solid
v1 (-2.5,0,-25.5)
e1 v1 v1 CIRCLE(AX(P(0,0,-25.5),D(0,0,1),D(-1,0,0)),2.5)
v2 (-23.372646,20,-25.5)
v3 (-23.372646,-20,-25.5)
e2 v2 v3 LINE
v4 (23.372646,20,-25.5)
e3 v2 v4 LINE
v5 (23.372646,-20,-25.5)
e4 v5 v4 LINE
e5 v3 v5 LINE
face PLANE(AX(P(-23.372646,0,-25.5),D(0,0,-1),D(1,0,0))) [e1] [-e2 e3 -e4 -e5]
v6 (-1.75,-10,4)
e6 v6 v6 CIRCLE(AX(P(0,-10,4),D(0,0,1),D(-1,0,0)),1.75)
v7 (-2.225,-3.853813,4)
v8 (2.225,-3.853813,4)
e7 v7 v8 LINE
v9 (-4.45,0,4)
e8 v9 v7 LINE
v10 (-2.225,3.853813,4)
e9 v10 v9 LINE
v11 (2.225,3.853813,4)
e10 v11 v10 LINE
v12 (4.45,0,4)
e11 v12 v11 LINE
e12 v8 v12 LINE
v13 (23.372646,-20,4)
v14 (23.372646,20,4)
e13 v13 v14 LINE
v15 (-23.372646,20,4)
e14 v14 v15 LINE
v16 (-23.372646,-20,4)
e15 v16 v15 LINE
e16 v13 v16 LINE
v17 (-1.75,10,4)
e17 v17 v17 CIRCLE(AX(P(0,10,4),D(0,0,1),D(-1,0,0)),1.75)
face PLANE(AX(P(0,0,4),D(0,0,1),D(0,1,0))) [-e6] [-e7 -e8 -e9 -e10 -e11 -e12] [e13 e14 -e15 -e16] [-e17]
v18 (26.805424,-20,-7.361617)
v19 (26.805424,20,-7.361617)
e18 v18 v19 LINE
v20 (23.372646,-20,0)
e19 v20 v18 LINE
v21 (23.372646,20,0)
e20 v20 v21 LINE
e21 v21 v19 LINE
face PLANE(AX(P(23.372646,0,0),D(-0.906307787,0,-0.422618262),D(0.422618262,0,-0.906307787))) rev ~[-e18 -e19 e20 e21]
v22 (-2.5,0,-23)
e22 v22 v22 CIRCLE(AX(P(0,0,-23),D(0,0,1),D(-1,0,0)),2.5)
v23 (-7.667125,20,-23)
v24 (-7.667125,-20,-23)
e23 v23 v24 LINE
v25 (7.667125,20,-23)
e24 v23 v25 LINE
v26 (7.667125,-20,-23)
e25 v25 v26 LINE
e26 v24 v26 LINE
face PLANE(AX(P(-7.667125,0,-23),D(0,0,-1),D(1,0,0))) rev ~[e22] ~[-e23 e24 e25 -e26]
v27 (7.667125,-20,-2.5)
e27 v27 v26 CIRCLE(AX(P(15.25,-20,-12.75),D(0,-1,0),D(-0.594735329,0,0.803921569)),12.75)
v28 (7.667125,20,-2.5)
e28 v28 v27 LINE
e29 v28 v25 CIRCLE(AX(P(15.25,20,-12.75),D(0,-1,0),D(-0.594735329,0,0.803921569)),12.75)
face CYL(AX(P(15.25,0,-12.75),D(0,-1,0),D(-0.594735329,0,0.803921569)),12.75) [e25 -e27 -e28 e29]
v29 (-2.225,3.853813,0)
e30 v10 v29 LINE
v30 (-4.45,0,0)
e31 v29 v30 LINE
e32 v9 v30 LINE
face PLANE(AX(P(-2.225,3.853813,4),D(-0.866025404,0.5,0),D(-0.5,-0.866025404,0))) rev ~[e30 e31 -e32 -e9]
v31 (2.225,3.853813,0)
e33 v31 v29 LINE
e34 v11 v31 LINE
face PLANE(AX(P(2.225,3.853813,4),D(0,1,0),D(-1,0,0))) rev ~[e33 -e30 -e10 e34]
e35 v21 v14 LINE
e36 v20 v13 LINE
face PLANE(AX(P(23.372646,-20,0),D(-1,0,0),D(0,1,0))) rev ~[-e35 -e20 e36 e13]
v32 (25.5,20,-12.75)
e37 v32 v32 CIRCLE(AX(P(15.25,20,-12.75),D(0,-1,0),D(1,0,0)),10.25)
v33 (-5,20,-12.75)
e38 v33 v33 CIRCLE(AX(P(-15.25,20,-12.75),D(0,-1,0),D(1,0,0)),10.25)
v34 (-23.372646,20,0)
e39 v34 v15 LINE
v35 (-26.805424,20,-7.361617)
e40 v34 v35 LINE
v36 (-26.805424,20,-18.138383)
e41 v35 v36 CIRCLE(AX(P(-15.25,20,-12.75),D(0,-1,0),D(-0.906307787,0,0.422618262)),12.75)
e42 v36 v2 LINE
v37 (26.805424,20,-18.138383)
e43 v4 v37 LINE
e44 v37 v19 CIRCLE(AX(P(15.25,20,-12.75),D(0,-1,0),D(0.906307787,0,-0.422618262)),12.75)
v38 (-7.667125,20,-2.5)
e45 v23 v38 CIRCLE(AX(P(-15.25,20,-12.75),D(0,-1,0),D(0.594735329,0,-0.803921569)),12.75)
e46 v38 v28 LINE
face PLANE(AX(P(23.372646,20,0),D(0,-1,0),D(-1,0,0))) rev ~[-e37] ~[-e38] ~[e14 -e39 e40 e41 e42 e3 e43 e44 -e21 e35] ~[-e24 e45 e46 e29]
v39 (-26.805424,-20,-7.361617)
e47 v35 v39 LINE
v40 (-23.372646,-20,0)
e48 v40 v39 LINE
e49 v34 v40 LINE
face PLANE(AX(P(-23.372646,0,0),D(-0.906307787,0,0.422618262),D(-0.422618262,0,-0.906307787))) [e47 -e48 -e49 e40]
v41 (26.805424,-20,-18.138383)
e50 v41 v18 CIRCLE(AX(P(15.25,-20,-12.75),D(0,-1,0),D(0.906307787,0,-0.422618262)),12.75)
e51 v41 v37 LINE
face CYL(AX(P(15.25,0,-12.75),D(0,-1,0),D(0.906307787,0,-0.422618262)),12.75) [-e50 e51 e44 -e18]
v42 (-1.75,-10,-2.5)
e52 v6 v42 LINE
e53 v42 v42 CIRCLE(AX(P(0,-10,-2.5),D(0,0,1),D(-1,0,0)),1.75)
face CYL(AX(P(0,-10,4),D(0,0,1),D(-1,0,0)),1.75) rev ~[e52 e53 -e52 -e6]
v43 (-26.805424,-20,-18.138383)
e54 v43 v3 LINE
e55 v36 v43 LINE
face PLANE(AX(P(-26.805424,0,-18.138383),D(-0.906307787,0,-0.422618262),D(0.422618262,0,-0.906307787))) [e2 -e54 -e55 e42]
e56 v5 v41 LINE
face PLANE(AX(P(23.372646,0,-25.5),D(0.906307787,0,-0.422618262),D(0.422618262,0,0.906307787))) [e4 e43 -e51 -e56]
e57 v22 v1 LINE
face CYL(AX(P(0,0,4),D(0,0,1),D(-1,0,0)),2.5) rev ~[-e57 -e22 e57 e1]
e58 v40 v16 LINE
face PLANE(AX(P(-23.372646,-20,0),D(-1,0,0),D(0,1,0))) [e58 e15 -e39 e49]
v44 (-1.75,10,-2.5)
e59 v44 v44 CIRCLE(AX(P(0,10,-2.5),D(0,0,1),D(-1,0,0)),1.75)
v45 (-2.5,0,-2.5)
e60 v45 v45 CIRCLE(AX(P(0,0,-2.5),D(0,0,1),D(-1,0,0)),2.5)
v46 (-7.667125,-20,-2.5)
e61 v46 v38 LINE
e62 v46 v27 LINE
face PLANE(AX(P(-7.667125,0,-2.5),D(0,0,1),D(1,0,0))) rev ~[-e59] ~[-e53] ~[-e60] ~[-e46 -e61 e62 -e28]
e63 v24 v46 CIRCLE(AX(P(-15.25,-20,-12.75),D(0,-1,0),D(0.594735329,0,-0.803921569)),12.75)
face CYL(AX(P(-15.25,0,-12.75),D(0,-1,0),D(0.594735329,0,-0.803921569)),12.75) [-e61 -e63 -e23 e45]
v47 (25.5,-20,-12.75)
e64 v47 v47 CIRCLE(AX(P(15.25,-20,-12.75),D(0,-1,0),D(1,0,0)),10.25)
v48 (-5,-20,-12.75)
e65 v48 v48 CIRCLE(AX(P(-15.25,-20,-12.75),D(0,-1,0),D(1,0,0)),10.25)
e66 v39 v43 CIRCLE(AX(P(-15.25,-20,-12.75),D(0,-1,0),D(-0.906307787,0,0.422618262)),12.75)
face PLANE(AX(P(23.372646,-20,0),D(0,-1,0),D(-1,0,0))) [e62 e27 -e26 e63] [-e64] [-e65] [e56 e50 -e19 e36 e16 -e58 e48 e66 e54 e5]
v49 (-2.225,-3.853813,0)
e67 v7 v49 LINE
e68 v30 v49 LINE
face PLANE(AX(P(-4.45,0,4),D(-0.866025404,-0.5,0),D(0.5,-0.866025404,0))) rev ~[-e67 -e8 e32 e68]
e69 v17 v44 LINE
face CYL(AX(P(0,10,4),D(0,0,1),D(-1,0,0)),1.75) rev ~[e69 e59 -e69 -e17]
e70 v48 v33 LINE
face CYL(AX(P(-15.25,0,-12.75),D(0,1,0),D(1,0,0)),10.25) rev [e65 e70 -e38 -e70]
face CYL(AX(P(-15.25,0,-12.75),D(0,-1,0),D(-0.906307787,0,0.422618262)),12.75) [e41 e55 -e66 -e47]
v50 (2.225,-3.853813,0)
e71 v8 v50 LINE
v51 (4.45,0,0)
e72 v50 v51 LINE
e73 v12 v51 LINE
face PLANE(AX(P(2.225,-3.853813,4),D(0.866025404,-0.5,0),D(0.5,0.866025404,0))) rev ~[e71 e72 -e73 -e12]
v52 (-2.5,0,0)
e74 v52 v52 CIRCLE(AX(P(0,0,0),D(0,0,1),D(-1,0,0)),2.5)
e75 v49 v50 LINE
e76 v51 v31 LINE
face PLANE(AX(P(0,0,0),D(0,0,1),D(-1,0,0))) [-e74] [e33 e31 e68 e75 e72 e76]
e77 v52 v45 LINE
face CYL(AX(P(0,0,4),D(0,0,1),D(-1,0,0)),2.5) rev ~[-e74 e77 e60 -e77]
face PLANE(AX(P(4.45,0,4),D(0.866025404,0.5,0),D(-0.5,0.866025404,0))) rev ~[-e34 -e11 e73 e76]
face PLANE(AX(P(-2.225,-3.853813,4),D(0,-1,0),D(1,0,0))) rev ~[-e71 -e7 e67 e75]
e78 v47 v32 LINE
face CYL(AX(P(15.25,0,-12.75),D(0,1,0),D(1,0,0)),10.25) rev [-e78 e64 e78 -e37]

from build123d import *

# Parameters (mm, degrees)
SKETCH021_R     = 10.25
PAD007_DEPTH    = 20
PAD007_FACE1_W  = 40
PAD007_FACE1_H  = 46.7452916506
PAD008_DEPTH    = 4
SKETCH022_R     = 1.75
POCKET007_DEPTH = 6.5
POCKET008_DEPTH = 4
SKETCH024_R     = 2.5
POCKET009_DEPTH = 29.501


with BuildPart() as part:
    # Sketch021 → Pad007 (new body, symmetric)
    with BuildSketch(Plane.XZ):
        with BuildLine():
            Line((23.3726458253, 0), (-23.3726458253, 0))
            Line((-23.3726458253, 0), (-26.8054242847, -7.3616171628))
            ThreePointArc((-26.8054242847, -7.3616171628), (-28, -12.75), (-26.8054242847, -18.1383828372))
            Line((-26.8054242847, -18.1383828372), (-23.3726458253, -25.5))
            Line((-23.3726458253, -25.5), (23.3726458253, -25.5))
            Line((23.3726458253, -25.5), (26.8054242847, -18.1383828372))
            ThreePointArc((26.8054242847, -18.1383828372), (28, -12.75), (26.8054242847, -7.3616171628))
            Line((23.3726458253, 0), (26.8054242847, -7.3616171628))
        make_face()
        with Locations((15.25, -12.75)):
            Circle(SKETCH021_R, mode=Mode.SUBTRACT)
        with Locations((-15.25, -12.75)):
            Circle(SKETCH021_R, mode=Mode.SUBTRACT)
        with BuildLine():
            Line((-7.6671245559, -2.5), (7.6671245559, -2.5))
            ThreePointArc((7.6671245559, -2.5), (2.5, -12.75), (7.6671245559, -23))
            Line((-7.6671245559, -23), (7.6671245559, -23))
            ThreePointArc((-7.6671245559, -23), (-2.5, -12.75), (-7.6671245559, -2.5))
        make_face(mode=Mode.SUBTRACT)
    extrude(amount=PAD007_DEPTH, both=True)

    # Pad007 Face1 → Pad008 (add)
    with BuildSketch(Plane(origin=(0, 0, 0), x_dir=(0, 1, 0), z_dir=(0, 0, 1))):
        Rectangle(PAD007_FACE1_W, PAD007_FACE1_H)
    extrude(amount=PAD008_DEPTH)

    # Sketch022 → Pocket007 (cut)
    with BuildSketch(Plane(origin=(0, 0, 4), x_dir=(-1, 0, 0), z_dir=(0, 0, 1))):
        with Locations((0, 10)):
            Circle(SKETCH022_R)
        with Locations((0, -10)):
            Circle(SKETCH022_R)
    extrude(amount=-POCKET007_DEPTH, mode=Mode.SUBTRACT)

    # Sketch023 (on Face6 of Pocket007) → Pocket008 (cut)
    with BuildSketch(Plane(origin=(0, 0, 4), x_dir=(-1, 0, 0), z_dir=(0, 0, 1))):
        Polygon((2.225, -3.8538130468), (4.45, 0), (2.225, 3.8538130468), (-2.225, 3.8538130468), (-4.45, 0), (-2.225, -3.8538130468), align=None)
    extrude(amount=-POCKET008_DEPTH, mode=Mode.SUBTRACT)

    # Sketch024 (on Face6 of Pocket008) → Pocket009 (cut, through all)
    with BuildSketch(Plane(origin=(0, 0, 4), x_dir=(-1, 0, 0), z_dir=(0, 0, 1))):
        Circle(SKETCH024_R)
    extrude(amount=-POCKET009_DEPTH, mode=Mode.SUBTRACT)


solid = part.part
